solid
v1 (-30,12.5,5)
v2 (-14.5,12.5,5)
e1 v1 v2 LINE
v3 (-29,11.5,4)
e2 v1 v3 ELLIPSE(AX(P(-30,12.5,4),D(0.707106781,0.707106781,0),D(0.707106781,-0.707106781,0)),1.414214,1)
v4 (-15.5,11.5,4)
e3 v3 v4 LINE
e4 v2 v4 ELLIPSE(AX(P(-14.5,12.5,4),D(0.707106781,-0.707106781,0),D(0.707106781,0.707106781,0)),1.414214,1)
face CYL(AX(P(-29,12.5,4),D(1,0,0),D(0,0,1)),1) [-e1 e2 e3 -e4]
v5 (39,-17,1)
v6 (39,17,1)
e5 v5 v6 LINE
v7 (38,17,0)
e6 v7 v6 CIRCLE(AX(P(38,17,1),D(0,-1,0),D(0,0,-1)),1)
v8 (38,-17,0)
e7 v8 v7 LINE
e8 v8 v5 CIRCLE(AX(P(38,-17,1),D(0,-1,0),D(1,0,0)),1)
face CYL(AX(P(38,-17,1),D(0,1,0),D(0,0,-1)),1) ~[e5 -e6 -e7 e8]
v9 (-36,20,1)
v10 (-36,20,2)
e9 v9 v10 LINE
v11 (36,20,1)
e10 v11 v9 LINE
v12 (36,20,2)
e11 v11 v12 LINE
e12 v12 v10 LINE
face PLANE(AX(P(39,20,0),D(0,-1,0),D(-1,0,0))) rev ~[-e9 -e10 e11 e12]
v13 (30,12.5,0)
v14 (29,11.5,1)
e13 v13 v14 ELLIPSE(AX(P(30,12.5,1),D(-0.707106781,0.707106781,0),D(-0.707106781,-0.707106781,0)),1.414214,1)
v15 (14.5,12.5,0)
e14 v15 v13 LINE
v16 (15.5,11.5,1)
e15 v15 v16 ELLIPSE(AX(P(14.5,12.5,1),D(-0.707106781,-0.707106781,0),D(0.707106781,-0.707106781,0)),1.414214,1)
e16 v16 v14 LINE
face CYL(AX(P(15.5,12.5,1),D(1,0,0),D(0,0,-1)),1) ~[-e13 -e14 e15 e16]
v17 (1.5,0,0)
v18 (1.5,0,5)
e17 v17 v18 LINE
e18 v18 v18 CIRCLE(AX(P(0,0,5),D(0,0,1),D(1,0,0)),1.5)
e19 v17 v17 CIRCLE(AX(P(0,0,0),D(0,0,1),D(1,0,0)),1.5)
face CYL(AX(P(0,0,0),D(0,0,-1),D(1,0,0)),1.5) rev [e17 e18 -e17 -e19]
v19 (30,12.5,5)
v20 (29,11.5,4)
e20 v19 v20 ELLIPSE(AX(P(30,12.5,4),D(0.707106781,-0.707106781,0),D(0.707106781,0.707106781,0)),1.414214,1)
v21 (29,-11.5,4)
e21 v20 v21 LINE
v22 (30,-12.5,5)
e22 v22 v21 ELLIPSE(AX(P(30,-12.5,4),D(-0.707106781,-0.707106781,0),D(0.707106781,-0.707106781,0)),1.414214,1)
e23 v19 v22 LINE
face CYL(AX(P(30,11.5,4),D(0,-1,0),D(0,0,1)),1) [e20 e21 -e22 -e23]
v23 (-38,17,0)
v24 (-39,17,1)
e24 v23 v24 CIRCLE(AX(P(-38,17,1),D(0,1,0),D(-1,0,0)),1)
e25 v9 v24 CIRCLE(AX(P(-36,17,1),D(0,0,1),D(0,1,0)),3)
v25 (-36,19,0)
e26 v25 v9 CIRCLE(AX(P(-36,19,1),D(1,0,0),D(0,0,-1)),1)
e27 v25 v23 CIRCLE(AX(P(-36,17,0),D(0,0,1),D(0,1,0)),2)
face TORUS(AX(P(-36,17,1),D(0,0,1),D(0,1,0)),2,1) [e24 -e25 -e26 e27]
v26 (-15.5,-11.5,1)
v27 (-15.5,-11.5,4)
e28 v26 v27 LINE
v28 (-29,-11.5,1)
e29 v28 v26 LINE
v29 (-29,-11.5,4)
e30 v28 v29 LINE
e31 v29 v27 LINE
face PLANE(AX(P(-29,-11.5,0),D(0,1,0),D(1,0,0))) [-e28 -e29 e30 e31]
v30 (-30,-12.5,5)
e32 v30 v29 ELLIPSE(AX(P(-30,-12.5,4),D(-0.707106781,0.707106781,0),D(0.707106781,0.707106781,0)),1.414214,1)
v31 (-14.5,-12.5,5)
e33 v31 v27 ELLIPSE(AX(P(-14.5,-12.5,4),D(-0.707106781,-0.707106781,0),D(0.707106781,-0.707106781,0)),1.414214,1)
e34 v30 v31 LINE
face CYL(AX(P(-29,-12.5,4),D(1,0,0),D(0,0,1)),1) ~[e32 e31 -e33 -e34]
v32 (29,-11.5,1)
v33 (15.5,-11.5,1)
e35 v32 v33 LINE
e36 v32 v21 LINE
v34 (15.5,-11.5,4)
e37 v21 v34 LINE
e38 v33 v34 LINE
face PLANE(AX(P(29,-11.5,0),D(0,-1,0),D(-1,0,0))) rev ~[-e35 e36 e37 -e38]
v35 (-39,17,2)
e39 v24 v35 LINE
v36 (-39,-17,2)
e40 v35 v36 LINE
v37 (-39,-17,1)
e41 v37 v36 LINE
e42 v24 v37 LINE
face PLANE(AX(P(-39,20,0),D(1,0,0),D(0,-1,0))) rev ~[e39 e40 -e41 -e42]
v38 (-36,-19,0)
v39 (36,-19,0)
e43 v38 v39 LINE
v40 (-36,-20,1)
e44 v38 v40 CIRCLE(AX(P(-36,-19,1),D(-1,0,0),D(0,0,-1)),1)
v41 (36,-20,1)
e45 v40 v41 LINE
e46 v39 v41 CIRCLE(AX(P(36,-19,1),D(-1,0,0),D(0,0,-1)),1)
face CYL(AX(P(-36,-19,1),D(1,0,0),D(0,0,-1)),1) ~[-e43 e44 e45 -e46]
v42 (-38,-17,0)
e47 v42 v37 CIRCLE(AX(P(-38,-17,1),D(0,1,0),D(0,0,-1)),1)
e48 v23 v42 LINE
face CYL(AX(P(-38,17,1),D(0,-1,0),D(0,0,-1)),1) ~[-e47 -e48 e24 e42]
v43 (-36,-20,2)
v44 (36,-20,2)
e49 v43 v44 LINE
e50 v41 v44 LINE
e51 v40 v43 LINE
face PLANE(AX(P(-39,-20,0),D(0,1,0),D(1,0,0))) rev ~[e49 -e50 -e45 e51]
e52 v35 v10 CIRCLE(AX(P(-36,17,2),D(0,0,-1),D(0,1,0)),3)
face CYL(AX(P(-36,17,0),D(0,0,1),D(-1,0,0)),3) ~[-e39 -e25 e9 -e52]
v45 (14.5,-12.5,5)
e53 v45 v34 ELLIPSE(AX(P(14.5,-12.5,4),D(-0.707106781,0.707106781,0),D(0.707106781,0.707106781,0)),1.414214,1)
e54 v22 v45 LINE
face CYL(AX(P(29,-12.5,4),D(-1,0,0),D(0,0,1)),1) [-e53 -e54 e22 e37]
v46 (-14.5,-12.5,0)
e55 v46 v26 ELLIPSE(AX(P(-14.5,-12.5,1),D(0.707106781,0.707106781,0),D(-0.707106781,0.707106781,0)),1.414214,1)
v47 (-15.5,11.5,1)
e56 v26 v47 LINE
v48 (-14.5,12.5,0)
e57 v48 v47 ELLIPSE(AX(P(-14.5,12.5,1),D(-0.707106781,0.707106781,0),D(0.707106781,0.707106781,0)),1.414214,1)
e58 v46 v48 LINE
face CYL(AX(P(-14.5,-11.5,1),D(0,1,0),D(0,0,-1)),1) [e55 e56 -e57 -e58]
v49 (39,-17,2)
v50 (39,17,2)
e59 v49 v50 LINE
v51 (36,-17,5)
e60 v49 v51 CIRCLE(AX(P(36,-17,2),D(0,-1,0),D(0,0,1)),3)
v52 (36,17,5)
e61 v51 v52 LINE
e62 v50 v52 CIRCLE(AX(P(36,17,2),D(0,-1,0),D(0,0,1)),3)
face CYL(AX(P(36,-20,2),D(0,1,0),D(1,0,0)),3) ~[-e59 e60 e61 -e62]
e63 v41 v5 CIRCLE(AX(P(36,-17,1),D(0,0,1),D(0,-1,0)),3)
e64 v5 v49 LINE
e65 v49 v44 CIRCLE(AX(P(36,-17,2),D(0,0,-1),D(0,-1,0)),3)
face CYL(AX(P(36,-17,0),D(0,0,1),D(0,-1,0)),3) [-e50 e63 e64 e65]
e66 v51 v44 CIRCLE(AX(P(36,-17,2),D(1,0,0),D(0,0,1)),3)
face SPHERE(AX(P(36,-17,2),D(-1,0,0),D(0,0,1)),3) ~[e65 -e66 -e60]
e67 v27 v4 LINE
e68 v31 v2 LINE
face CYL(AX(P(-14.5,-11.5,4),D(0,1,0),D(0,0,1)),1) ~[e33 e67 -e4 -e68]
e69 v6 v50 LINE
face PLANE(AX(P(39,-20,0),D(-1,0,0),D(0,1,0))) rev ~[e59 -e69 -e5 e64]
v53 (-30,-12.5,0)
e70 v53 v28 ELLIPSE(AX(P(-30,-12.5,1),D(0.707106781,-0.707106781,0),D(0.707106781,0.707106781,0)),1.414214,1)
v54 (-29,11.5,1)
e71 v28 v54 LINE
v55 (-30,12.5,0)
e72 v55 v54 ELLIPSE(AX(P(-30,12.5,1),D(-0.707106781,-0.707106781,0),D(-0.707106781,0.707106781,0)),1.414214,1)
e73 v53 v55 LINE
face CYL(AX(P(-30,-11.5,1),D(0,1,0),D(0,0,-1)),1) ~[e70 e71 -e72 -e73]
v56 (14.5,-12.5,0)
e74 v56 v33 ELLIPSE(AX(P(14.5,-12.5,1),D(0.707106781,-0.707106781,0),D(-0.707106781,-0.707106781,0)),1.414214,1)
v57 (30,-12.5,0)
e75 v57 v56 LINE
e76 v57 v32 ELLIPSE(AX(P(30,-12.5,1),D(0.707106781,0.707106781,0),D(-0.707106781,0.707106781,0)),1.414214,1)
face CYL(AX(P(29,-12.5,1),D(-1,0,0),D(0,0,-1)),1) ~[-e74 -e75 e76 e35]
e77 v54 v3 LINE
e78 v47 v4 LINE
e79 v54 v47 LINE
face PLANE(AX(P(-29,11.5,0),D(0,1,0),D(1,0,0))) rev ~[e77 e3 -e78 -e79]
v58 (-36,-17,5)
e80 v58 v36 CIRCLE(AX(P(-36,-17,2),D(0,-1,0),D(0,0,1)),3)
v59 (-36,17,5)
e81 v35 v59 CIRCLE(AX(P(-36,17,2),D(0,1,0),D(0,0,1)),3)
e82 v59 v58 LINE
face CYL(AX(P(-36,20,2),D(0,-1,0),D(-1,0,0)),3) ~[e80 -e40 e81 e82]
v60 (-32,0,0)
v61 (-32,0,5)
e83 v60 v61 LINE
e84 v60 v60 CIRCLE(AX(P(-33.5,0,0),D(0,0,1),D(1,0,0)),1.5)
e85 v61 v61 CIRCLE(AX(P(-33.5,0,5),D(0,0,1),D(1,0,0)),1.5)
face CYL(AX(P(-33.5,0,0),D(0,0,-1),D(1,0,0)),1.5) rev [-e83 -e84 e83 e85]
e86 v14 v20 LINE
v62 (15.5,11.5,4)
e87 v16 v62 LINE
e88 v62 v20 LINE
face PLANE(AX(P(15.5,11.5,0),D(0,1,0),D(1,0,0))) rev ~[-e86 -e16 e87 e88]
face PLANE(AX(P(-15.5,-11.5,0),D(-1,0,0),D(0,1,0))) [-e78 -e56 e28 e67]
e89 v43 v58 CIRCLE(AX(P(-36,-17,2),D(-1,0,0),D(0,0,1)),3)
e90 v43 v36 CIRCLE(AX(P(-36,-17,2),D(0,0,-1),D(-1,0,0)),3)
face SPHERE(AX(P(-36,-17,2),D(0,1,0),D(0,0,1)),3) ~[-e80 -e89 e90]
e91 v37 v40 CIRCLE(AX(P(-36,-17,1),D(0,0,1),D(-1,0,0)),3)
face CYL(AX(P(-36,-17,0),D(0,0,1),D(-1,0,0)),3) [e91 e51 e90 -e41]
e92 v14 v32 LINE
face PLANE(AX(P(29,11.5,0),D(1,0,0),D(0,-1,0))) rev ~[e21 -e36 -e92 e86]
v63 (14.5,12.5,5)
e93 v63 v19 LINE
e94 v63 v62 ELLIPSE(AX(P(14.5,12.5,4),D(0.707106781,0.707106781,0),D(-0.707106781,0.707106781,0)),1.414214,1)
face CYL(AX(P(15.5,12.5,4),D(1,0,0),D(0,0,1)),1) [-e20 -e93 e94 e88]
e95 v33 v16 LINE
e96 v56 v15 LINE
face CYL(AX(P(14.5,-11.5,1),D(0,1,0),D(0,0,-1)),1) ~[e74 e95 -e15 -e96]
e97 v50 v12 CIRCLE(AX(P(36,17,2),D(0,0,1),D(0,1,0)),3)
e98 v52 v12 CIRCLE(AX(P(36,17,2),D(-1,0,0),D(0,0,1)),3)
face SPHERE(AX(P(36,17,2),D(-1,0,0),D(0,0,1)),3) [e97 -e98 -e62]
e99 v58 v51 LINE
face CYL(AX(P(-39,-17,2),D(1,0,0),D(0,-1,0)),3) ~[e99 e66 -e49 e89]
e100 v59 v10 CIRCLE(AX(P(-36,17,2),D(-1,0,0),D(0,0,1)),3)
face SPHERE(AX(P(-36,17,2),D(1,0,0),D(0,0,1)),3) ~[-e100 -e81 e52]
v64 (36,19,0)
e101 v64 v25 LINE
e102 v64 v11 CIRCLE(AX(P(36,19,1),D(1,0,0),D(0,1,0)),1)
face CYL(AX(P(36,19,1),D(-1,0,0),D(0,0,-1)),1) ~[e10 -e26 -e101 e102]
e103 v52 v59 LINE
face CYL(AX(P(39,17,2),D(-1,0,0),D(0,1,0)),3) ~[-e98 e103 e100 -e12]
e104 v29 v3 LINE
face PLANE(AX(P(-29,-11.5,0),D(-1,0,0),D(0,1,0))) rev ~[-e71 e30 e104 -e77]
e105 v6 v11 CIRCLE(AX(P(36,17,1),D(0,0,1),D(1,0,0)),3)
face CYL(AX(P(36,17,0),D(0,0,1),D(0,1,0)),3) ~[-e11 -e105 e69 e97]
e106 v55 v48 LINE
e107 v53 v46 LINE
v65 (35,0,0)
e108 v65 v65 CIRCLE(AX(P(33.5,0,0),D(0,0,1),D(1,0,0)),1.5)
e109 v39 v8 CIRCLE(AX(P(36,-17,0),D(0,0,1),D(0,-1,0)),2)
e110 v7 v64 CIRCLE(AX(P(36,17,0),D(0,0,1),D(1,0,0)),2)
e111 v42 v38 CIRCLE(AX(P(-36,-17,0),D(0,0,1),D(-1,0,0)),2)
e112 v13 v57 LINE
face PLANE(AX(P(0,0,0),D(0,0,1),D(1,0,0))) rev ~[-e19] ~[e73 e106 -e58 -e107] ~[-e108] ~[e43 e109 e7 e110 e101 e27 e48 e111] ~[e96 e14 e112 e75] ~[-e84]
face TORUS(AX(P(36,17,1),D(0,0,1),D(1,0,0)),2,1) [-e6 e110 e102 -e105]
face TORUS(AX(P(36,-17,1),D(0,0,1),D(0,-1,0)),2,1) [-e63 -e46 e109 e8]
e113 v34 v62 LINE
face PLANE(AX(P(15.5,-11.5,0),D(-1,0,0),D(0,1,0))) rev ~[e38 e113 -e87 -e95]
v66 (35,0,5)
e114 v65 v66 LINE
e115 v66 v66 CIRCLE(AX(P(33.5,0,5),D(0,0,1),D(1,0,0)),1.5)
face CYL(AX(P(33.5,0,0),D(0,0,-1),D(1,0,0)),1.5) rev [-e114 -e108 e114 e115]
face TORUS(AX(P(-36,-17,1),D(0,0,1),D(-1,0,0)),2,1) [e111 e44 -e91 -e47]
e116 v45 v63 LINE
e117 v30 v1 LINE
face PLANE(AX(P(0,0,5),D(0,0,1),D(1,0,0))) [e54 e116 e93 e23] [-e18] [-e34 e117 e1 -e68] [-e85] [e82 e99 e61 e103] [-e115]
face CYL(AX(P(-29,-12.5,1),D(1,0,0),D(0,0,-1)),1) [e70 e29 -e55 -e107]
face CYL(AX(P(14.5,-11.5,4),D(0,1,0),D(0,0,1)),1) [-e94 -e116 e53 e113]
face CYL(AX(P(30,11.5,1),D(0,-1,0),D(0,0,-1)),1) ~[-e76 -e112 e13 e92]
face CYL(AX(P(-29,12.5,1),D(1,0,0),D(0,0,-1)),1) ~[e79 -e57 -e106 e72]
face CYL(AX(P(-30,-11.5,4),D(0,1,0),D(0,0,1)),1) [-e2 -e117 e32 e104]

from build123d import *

# Parameters (mm, degrees)
F0_R     = 1.5
F0_W     = 13.5
F0_H     = 23
F1_DEPTH = 5
F2_R     = 3
F3_R     = 1
F4_R     = 1


with BuildPart() as f1:
    # F0 (on Top) → F1 (new body)
    with BuildSketch(Plane.XY):
        Polygon((0, 20), (-39, 20), (-39, -20), (39, -20), (39, 0), (39, 20), align=None)
        with Locations((-33.5, 0)):
            Circle(F0_R, mode=Mode.SUBTRACT)
        with Locations((-22.25, 0)):
            Rectangle(F0_W, F0_H, mode=Mode.SUBTRACT)
        Circle(F0_R, mode=Mode.SUBTRACT)
        Polygon((15.5, 11.5), (29, 11.5), (29, 0), (29, -11.5), (15.5, -11.5), align=None, mode=Mode.SUBTRACT)
        with Locations((33.5, 0)):
            Circle(F0_R, mode=Mode.SUBTRACT)
    extrude(amount=F1_DEPTH)

    # F2
    f2_edges = [f1.edges().sort_by_distance(p)[0] for p in [
        (0, 20, 5),
        (-39, 0, 5),
        (0, -20, 5),
        (39, 0, 5),
        (-39, -20, 2.5),
        (-39, 20, 2.5),
        (39, 20, 2.5),
        (39, -20, 2.5),
    ]]
    fillet(f2_edges, radius=F2_R)

    # F3
    f3_edges = [f1.edges().sort_by_distance(p)[0] for p in [
        (0, -20, 0),
    ]]
    fillet(f3_edges, radius=F3_R)

    # F4
    f4_edges = [f1.edges().sort_by_distance(p)[0] for p in [
        (-22.25, -11.5, 5),
        (-15.5, 0, 5),
        (-22.25, 11.5, 5),
        (-29, 0, 5),
        (15.5, 0, 5),
        (22.25, 11.5, 5),
        (29, 0, 5),
        (22.25, -11.5, 5),
        (-29, 0, 0),
        (-15.5, 0, 0),
        (-22.25, 11.5, 0),
        (-22.25, -11.5, 0),
        (22.25, -11.5, 0),
        (29, 0, 0),
        (22.25, 11.5, 0),
        (15.5, 0, 0),
    ]]
    fillet(f4_edges, radius=F4_R)


solid = f1.part
